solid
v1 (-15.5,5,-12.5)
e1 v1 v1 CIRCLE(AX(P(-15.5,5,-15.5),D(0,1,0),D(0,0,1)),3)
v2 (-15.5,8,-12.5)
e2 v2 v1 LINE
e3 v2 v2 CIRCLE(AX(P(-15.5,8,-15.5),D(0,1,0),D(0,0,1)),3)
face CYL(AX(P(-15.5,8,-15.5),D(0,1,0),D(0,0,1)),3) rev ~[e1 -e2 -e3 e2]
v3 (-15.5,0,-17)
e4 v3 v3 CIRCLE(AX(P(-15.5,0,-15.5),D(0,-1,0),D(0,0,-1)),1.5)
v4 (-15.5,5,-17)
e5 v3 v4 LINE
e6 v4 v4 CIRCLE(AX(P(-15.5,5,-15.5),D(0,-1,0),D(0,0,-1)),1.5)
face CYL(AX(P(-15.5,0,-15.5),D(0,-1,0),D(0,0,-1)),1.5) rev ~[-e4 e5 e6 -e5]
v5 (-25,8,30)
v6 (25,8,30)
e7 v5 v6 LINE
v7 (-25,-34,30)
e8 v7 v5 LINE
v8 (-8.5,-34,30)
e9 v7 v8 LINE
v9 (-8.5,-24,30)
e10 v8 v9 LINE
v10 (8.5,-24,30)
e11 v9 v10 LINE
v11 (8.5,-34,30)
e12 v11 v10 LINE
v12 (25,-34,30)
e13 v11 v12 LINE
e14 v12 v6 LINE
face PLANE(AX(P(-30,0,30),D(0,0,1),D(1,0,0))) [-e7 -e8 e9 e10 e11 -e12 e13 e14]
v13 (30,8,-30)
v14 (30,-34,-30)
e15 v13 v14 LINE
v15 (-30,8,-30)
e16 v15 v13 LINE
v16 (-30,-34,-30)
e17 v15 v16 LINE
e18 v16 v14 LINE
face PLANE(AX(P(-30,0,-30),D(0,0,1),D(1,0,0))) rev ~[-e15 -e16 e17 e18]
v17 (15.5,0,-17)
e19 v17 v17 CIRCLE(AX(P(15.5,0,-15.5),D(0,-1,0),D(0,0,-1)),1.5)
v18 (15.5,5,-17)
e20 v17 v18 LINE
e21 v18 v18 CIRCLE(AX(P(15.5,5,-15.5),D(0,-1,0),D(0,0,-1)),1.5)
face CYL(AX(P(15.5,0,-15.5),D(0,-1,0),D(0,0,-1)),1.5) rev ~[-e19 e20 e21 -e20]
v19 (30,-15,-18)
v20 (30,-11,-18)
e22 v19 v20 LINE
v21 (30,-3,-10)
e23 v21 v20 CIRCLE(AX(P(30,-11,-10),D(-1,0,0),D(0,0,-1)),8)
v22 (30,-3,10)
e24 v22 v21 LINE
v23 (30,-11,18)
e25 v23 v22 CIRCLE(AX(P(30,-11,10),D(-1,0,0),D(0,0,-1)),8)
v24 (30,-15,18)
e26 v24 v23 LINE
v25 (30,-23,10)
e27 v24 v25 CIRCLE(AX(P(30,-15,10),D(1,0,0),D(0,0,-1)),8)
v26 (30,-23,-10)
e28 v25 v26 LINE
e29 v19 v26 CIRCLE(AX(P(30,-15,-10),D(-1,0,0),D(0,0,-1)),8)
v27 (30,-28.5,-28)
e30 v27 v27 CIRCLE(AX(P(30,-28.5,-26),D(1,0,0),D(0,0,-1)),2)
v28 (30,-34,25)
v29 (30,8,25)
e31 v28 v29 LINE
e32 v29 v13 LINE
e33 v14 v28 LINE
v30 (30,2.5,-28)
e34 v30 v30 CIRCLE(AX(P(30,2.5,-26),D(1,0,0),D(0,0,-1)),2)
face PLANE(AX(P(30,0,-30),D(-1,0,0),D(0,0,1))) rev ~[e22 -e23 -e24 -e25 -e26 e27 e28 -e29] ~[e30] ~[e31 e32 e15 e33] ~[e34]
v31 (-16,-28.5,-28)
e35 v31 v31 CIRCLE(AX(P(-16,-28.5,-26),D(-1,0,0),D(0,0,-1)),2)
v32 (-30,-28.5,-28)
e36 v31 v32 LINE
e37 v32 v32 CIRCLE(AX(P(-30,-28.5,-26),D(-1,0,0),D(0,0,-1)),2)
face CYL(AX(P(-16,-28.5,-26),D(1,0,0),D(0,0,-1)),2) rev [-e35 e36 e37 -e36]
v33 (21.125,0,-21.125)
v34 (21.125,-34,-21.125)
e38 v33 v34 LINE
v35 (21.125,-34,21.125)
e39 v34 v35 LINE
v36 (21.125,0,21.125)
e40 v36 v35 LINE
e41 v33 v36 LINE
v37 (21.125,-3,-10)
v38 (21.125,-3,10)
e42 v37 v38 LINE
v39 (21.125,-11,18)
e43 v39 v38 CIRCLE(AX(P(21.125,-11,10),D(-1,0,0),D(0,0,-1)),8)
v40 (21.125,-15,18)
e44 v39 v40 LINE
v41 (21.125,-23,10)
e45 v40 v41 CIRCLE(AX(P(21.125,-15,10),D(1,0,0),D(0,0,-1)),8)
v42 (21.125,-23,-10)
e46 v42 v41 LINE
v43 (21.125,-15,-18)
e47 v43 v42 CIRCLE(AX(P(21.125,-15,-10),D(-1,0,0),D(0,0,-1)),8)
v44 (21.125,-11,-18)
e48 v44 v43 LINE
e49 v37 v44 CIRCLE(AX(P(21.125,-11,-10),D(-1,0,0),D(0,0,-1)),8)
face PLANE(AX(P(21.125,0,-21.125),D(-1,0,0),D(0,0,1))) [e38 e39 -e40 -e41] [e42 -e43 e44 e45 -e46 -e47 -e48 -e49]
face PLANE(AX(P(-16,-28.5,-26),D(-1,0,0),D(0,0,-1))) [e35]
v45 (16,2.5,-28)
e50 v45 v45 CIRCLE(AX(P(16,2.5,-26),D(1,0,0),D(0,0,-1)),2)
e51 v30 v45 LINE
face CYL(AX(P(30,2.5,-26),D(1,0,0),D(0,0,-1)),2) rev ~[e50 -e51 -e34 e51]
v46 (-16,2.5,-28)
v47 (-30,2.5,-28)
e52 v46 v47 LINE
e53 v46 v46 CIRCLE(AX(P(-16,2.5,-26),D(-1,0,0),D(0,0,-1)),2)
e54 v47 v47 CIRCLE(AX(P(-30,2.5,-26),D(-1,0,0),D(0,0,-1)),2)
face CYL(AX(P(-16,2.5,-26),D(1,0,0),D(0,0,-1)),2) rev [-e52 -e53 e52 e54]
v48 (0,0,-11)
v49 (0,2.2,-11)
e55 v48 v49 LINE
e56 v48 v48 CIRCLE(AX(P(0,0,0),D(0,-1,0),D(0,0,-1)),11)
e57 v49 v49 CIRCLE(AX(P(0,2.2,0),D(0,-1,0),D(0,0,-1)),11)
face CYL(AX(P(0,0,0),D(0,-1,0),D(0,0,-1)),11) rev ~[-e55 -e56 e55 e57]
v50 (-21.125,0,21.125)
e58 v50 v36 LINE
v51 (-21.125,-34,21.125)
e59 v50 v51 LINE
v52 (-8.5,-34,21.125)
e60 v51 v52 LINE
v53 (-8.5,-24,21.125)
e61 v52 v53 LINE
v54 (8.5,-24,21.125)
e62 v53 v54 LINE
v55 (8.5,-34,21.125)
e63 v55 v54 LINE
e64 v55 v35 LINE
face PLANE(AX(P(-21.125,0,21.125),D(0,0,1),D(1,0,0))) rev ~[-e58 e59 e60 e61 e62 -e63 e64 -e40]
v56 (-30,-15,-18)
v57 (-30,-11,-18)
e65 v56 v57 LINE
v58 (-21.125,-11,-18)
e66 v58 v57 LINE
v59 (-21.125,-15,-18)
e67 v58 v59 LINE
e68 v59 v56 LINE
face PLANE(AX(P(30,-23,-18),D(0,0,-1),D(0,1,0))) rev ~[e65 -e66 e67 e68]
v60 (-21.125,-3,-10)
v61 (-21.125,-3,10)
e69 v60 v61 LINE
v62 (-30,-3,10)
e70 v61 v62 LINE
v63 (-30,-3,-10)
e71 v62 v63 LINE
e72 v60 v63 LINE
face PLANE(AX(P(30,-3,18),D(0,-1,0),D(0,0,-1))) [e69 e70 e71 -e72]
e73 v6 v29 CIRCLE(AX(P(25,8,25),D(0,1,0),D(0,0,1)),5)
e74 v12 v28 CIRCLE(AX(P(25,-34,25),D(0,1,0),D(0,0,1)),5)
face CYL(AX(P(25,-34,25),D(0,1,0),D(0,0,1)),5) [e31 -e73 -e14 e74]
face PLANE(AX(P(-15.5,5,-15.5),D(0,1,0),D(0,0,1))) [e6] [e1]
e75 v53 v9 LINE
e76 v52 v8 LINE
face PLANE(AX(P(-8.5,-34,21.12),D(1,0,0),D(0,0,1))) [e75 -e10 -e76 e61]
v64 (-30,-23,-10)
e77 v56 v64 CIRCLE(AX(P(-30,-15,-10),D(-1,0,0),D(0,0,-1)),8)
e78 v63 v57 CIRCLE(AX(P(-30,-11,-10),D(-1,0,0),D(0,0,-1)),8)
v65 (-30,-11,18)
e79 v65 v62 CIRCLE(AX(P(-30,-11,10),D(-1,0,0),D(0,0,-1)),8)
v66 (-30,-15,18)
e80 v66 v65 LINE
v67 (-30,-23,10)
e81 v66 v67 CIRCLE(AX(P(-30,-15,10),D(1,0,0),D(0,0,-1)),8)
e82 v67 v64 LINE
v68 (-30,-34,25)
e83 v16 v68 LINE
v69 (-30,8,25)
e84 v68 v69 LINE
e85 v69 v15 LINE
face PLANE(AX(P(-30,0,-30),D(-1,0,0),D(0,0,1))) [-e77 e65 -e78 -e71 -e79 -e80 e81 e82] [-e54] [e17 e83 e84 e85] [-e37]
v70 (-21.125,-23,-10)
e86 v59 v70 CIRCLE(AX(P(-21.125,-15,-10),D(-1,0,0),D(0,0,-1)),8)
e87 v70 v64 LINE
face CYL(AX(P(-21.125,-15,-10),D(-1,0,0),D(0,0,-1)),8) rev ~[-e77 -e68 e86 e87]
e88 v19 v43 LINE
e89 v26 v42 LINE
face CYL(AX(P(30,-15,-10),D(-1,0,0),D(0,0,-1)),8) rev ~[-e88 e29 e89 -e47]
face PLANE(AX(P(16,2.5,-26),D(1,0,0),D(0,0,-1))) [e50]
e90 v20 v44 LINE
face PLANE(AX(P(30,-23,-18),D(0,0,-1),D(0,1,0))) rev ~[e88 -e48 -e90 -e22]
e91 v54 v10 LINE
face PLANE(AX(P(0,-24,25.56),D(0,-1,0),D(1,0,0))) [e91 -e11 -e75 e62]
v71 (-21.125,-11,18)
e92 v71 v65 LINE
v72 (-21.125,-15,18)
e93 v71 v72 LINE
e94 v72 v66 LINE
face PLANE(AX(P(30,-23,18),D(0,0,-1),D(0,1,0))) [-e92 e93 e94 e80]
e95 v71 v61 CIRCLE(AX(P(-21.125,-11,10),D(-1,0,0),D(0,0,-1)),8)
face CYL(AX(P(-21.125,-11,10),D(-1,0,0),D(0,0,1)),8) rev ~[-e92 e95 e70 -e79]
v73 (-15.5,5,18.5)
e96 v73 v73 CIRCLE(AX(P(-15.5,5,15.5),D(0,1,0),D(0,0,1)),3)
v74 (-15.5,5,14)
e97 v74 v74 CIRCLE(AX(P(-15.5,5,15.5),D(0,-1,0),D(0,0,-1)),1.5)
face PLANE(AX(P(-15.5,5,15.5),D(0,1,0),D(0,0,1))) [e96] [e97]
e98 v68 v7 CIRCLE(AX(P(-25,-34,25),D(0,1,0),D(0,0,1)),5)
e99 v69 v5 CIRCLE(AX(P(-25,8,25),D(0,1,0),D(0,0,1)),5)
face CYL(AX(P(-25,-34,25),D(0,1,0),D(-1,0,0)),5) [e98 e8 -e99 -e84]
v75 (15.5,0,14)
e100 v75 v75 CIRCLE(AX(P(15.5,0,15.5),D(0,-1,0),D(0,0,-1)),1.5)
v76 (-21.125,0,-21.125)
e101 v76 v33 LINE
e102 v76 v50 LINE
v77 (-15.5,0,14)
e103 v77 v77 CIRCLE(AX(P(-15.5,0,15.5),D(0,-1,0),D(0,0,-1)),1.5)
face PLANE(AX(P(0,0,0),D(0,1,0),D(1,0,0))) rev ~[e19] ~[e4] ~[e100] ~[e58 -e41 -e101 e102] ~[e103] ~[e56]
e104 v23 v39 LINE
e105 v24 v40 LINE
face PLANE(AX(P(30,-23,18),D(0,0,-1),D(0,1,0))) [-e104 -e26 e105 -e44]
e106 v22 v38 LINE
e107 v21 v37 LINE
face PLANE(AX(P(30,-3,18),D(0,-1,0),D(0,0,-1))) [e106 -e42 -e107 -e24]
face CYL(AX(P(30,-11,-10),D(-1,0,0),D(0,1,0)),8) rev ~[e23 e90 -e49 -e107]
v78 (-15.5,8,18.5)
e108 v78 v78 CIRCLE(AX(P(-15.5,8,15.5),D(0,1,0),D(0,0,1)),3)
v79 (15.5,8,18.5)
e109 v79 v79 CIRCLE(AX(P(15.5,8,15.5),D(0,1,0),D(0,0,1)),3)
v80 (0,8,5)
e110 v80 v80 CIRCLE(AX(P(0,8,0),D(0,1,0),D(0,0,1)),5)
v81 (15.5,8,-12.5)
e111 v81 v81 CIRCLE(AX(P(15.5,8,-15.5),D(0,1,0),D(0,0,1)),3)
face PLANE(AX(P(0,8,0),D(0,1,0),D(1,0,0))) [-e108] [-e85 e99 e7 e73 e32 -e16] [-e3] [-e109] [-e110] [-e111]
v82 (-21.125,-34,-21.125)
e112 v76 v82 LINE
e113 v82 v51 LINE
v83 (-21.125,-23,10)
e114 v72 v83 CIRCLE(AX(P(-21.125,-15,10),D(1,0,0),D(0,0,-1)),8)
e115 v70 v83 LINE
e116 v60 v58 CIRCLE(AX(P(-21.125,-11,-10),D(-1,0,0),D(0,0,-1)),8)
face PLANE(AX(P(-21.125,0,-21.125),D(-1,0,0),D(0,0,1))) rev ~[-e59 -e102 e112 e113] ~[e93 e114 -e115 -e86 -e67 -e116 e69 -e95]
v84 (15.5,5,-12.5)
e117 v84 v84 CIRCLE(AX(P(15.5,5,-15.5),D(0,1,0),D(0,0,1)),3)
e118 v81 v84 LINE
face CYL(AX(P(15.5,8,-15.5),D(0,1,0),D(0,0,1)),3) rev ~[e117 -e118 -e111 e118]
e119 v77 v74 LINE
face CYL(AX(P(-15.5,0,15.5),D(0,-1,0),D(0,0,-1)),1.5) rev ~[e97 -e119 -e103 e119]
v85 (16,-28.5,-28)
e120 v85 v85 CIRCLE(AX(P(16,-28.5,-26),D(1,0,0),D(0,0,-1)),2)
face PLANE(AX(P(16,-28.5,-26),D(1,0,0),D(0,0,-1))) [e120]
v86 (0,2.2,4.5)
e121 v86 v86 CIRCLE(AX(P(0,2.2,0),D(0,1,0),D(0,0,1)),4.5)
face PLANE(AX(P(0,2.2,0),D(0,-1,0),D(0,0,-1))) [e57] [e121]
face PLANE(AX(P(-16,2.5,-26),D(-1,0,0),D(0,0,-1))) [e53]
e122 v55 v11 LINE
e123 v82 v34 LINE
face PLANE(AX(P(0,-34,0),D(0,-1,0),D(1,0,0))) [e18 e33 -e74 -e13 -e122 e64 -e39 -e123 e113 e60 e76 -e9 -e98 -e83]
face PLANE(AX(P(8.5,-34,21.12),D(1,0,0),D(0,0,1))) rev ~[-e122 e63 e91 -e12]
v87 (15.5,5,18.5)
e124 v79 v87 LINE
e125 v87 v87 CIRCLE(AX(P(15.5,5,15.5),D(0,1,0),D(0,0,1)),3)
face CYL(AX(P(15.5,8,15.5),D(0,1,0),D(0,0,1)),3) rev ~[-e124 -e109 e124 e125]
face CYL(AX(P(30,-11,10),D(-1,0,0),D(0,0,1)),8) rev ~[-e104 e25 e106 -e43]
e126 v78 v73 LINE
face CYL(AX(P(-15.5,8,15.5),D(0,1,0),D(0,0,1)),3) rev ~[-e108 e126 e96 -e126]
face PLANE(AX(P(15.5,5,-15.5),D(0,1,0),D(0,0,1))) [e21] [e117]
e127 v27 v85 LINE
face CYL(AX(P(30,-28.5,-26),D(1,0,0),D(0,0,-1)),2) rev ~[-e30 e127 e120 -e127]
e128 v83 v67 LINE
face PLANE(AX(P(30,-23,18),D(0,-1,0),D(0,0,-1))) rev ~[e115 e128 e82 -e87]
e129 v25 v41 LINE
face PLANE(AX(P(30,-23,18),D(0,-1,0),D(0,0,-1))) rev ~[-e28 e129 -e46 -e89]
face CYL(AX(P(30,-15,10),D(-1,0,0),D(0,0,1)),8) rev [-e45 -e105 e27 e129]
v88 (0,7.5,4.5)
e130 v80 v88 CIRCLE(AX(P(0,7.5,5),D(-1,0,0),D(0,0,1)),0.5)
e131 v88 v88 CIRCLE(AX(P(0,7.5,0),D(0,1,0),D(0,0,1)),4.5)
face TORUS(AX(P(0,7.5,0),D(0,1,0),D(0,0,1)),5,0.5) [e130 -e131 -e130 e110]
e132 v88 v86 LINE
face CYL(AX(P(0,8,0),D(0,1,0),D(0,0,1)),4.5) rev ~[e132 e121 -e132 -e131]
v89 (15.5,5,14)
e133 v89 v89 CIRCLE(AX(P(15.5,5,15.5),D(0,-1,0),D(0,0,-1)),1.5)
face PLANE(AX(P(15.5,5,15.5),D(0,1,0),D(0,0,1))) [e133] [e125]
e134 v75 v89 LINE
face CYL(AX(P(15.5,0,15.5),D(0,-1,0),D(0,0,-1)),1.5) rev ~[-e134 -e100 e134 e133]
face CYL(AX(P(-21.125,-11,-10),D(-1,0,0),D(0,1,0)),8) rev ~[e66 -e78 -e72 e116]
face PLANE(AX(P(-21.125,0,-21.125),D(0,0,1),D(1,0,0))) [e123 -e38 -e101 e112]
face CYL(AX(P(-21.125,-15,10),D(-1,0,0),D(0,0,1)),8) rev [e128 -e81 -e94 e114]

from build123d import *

# Parameters (mm, degrees)
SKETCH1_W           = 60
SKETCH1_H           = 60
BOSS_EXTRUDE1_DEPTH = 8
SKETCH2_R           = 4.5
CUT_EXTRUDE1_DEPTH  = 8
SKETCH3_R           = 11
CUT_EXTRUDE2_DEPTH  = 2.2
SKETCH4_R           = 1.5
CUT_EXTRUDE3_DEPTH  = 11.2
SKETCH6_R           = 3
CUT_EXTRUDE4_DEPTH  = 3
SKETCH7_W           = 60
SKETCH7_H           = 60
SKETCH7_W_2         = 42.25
SKETCH7_H_2         = 42.25
BOSS_EXTRUDE3_DEPTH = 34
SKETCH8_W           = 17
SKETCH8_H           = 8.88
CUT_EXTRUDE5_DEPTH  = 10
SKETCH9_W           = 36
SKETCH9_H           = 20
CUT_EXTRUDE6_DEPTH  = 60
FILLET1_R           = 0.5
FILLET2_R           = 8
FILLET3_R           = 5
SKETCH10_R          = 2
CUT_EXTRUDE7_DEPTH  = 14
CUT_EXTRUDE8_START  = -14
SKETCH11_R          = 2
CUT_EXTRUDE8_DEPTH  = 14


with BuildPart() as part:
    # Sketch1 → Boss-Extrude1 (new body)
    with BuildSketch(Plane(origin=(0, 0, 0), x_dir=(1, 0, 0), z_dir=(0, 1, 0))):
        Rectangle(SKETCH1_W, SKETCH1_H)
    extrude(amount=BOSS_EXTRUDE1_DEPTH)

    # Sketch2 → Cut-Extrude1 (cut)
    with BuildSketch(Plane(origin=(0, 8, 0), x_dir=(1, 0, 0), z_dir=(0, 1, 0))):
        with Locations(Location((0, 0, 0), (0, 0, 270))):
            Circle(SKETCH2_R)
    extrude(amount=-CUT_EXTRUDE1_DEPTH, mode=Mode.SUBTRACT)

    # Sketch3 → Cut-Extrude2 (cut)
    with BuildSketch(Plane.XZ):
        with Locations(Location((0, 0, 0), (0, 0, 270))):
            Circle(SKETCH3_R)
    extrude(amount=-CUT_EXTRUDE2_DEPTH, mode=Mode.SUBTRACT)

    # Sketch4 → Cut-Extrude3 (cut)
    with BuildSketch(Plane.XZ):
        with Locations(Location((-15.5, 15.5, 0), (0, 0, 270))):
            Circle(SKETCH4_R)
        with Locations(Location((-15.5, -15.5, 0), (0, 0, 270))):
            Circle(SKETCH4_R)
        with Locations(Location((15.5, -15.5, 0), (0, 0, 270))):
            Circle(SKETCH4_R)
        with Locations(Location((15.5, 15.5, 0), (0, 0, 270))):
            Circle(SKETCH4_R)
    extrude(amount=-CUT_EXTRUDE3_DEPTH, mode=Mode.SUBTRACT)

    # Sketch6 → Cut-Extrude4 (cut)
    with BuildSketch(Plane(origin=(0, 8, 0), x_dir=(1, 0, 0), z_dir=(0, 1, 0))):
        with Locations(Location((-15.5, 15.5, 0), (0, 0, 270))):
            Circle(SKETCH6_R)
        with Locations(Location((15.5, 15.5, 0), (0, 0, 270))):
            Circle(SKETCH6_R)
        with Locations(Location((-15.5, -15.5, 0), (0, 0, 270))):
            Circle(SKETCH6_R)
        with Locations(Location((15.5, -15.5, 0), (0, 0, 270))):
            Circle(SKETCH6_R)
    extrude(amount=-CUT_EXTRUDE4_DEPTH, mode=Mode.SUBTRACT)

    # Sketch7 → Boss-Extrude3 (add)
    with BuildSketch(Plane.XZ):
        Rectangle(SKETCH7_W, SKETCH7_H)
        Rectangle(SKETCH7_W_2, SKETCH7_H_2, mode=Mode.SUBTRACT)
    extrude(amount=BOSS_EXTRUDE3_DEPTH)

    # Sketch8 → Cut-Extrude5 (cut)
    with BuildSketch(Plane.XZ.offset(34)):
        with Locations((0, 25.56)):
            Rectangle(SKETCH8_W, SKETCH8_H)
    extrude(amount=-CUT_EXTRUDE5_DEPTH, mode=Mode.SUBTRACT)

    # Sketch9 → Cut-Extrude6 (cut)
    with BuildSketch(Plane(origin=(30, 0, 0), x_dir=(0, 0, -1), z_dir=(1, 0, 0))):
        with Locations((0, -13)):
            Rectangle(SKETCH9_W, SKETCH9_H)
    extrude(amount=-CUT_EXTRUDE6_DEPTH, mode=Mode.SUBTRACT)

    # Fillet1
    fillet1_edges = [part.edges().sort_by_distance(p)[0] for p in [
        (0, 8, -4.5),
    ]]
    fillet(fillet1_edges, radius=FILLET1_R)

    # Fillet2
    fillet2_edges = [part.edges().sort_by_distance(p)[0] for p in [
        (-25.5625, -23, 18),
        (-25.5625, -3, 18),
        (-25.5625, -3, -18),
        (-25.5625, -23, -18),
        (25.5625, -23, 18),
        (25.5625, -3, 18),
        (25.5625, -3, -18),
        (25.5625, -23, -18),
    ]]
    fillet(fillet2_edges, radius=FILLET2_R)

    # Fillet3
    fillet3_edges = [part.edges().sort_by_distance(p)[0] for p in [
        (30, -13, 30),
        (-30, -13, 30),
    ]]
    fillet(fillet3_edges, radius=FILLET3_R)

    # Sketch10 → Cut-Extrude7 (cut)
    with BuildSketch(Plane(origin=(30, 0, 0), x_dir=(0, 0, -1), z_dir=(1, 0, 0))):
        with Locations((26, -28.5)):
            Circle(SKETCH10_R)
        with Locations((26, 2.5)):
            Circle(SKETCH10_R)
    extrude(amount=-CUT_EXTRUDE7_DEPTH, mode=Mode.SUBTRACT)

    # Sketch11 → Cut-Extrude8 (cut)
    with BuildSketch(Plane.ZY.offset(30).offset(CUT_EXTRUDE8_START)):
        with Locations(Location((-26, 2.5, 0), (0, 0, 180))):
            Circle(SKETCH11_R)
        with Locations(Location((-26, -28.5, 0), (0, 0, 180))):
            Circle(SKETCH11_R)
    extrude(amount=CUT_EXTRUDE8_DEPTH, mode=Mode.SUBTRACT)


solid = part.part
